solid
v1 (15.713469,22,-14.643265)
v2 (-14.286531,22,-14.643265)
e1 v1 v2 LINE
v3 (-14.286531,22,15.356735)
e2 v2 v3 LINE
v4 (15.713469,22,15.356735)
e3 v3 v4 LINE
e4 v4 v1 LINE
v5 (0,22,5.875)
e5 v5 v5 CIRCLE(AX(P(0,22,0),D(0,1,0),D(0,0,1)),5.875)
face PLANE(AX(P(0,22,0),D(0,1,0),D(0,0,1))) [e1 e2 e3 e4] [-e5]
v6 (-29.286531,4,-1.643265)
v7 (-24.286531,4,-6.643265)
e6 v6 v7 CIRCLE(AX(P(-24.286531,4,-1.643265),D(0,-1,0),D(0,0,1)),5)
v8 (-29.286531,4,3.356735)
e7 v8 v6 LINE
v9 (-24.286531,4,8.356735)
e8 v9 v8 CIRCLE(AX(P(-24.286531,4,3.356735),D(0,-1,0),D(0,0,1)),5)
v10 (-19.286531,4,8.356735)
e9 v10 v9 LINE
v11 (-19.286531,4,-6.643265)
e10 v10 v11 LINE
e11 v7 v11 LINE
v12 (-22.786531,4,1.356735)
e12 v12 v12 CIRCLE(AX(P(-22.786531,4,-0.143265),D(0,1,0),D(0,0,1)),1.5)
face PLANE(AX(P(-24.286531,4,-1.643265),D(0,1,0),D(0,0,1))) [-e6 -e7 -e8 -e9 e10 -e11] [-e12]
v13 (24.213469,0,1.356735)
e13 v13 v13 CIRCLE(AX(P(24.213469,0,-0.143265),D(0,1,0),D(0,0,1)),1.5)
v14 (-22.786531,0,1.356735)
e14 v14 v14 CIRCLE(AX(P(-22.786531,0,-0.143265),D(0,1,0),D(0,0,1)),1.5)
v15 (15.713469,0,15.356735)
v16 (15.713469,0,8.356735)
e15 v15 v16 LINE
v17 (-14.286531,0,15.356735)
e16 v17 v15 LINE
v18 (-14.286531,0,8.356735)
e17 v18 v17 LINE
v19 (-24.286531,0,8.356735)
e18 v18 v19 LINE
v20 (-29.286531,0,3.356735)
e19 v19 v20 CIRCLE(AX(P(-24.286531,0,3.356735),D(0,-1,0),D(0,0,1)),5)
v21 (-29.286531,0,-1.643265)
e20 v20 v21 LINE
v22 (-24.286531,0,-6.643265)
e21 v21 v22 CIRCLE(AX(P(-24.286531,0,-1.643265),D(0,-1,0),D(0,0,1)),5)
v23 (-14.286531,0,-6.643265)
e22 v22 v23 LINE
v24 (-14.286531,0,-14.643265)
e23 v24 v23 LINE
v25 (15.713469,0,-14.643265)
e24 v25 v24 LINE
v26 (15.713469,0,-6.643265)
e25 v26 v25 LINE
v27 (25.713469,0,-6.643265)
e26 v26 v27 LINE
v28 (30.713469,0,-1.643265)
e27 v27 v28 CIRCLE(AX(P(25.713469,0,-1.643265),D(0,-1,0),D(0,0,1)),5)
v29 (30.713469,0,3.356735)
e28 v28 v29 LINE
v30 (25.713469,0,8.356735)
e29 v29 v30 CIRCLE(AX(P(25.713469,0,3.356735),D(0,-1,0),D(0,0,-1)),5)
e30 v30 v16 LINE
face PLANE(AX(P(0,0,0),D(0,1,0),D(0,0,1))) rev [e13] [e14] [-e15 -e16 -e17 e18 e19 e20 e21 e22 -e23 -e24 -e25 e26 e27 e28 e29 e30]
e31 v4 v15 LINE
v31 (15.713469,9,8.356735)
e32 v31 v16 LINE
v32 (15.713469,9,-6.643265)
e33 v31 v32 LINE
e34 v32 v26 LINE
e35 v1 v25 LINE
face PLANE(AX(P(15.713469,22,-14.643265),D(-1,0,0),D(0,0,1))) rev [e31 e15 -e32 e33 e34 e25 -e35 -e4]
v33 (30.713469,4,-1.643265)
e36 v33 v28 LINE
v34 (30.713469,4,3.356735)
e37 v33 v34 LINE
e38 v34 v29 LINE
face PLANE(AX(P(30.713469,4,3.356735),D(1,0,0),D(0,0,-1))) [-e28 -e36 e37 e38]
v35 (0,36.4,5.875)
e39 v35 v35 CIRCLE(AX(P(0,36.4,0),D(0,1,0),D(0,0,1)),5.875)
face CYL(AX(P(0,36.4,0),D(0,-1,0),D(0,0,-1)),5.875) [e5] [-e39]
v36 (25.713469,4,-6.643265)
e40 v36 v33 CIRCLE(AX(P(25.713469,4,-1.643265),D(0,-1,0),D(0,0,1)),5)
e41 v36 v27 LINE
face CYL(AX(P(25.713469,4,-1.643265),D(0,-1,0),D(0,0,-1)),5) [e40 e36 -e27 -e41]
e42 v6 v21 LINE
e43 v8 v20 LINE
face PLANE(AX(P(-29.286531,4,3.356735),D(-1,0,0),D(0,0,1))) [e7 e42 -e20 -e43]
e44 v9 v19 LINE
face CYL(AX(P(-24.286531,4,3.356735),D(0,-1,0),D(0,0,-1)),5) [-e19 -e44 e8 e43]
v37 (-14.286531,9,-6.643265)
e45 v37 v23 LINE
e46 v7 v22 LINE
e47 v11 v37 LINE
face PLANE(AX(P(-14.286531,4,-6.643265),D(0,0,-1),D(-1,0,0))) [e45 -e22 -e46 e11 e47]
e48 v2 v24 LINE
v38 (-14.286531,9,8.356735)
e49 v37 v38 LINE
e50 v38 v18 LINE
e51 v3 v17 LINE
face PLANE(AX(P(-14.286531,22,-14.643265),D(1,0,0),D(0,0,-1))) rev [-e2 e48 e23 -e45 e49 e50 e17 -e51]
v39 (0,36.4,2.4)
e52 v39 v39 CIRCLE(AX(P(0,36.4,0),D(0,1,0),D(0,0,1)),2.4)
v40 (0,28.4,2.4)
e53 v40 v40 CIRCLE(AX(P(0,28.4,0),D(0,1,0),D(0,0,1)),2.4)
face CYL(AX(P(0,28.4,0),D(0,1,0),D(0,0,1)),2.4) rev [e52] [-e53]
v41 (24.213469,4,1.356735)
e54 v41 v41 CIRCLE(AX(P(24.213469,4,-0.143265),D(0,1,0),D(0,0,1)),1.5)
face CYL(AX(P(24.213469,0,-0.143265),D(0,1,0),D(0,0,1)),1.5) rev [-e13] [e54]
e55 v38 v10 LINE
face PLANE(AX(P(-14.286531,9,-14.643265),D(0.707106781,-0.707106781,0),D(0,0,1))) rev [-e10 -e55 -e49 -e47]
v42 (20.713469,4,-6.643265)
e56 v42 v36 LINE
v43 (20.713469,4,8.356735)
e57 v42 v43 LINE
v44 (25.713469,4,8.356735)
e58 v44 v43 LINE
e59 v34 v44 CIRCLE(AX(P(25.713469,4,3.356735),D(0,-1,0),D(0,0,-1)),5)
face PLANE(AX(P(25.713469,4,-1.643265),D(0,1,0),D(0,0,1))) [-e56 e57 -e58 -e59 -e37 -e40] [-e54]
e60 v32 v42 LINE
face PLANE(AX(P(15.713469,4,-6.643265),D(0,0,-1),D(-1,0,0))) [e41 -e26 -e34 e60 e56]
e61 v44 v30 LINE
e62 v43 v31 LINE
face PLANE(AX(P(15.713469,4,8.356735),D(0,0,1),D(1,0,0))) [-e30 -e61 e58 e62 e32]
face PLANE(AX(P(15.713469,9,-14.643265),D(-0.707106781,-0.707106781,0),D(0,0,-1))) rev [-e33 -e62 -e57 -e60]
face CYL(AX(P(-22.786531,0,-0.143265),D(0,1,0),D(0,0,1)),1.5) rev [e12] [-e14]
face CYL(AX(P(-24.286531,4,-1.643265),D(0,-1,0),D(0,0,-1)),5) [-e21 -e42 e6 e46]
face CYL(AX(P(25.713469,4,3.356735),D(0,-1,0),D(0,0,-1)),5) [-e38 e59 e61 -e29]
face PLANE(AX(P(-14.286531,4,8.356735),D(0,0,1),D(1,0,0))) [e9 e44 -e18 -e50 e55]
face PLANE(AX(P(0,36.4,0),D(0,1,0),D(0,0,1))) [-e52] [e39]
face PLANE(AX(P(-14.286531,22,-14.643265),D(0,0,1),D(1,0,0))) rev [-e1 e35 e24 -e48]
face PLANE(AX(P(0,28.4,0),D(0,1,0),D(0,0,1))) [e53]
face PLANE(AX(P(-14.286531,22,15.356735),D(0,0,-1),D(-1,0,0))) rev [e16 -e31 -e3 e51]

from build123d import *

# Parameters (mm, degrees)
SKETCH_1_W               = 30
SKETCH_1_H               = 30
EXTRUDE_289_DEPTH        = 22
SKETCH_2_R               = 5.875
EXTRUDE_2_DEPTH          = 14.4
EXTRUDE_4_DEPTH          = 4
CUT_EXTRUDE_2_DEPTH      = 48.211296398
CUT_EXTRUDE_2_DEPTH_BACK = 48.211296398
SKETCH_6_R               = 1.5
CHAMFER_2_SIZE           = 5
CHAMFER_3_SIZE           = 5
SKETCH_4_R               = 2.4
CUT_EXTRUDE_3_DEPTH      = 8


with BuildPart() as part:
    # Эскиз1 → Extrude 289 (new body)
    with BuildSketch(Plane(origin=(0, 0, 0), x_dir=(1, 0, 0), z_dir=(0, 1, 0))):
        with Locations((0.713469456, -0.356734728)):
            Rectangle(SKETCH_1_W, SKETCH_1_H)
    extrude(amount=EXTRUDE_289_DEPTH)

    # Эскиз2 → Бобышка-Вытянуть2 (add)
    with BuildSketch(Plane(origin=(0, 22, 0), x_dir=(1, 0, 0), z_dir=(0, 1, 0))):
        with Locations(Location((0, 0, 0), (0, 0, 270))):
            Circle(SKETCH_2_R)
    extrude(amount=EXTRUDE_2_DEPTH)

    # Эскиз5 → Бобышка-Вытянуть4 (add)
    with BuildSketch(Plane.XZ):
        with BuildLine():
            Line((15.713469456, 8.356734728), (25.713469456, 8.356734728))
            ThreePointArc((25.713469456, 8.356734728), (29.249003362, 6.892268634), (30.713469456, 3.356734728))
            Line((30.713469456, 3.356734728), (30.713469456, -1.643265272))
            ThreePointArc((30.713469456, -1.643265272), (29.249003362, -5.178799178), (25.713469456, -6.643265272))
            Line((25.713469456, -6.643265272), (15.713469456, -6.643265272))
            Line((15.713469456, -6.643265272), (15.713469456, 8.356734728))
        make_face()
        with BuildLine():
            Line((-14.286530544, 8.356734728), (-24.286530544, 8.356734728))
            ThreePointArc((-24.286530544, 8.356734728), (-27.82206445, 6.892268634), (-29.286530544, 3.356734728))
            Line((-29.286530544, 3.356734728), (-29.286530544, -1.643265272))
            ThreePointArc((-29.286530544, -1.643265272), (-27.82206445, -5.178799178), (-24.286530544, -6.643265272))
            Line((-24.286530544, -6.643265272), (-14.286530544, -6.643265272))
            Line((-14.286530544, -6.643265272), (-14.286530544, 8.356734728))
        make_face()
    extrude(amount=-EXTRUDE_4_DEPTH)

    # Эскиз6 → Вырез-Вытянуть2 (cut, two sides: drawn at the far end of the back side and taken through both)
    with BuildSketch(Plane(origin=(0, 4, 0), x_dir=(1, 0, 0), z_dir=(0, 1, 0)).offset(-CUT_EXTRUDE_2_DEPTH_BACK)):
        with Locations(Location((24.213469456, 0.143265272, 0), (0, 0, 270))):
            Circle(SKETCH_6_R)
        with Locations(Location((-22.786530544, 0.143265272, 0), (0, 0, 270))):
            Circle(SKETCH_6_R)
    extrude(amount=CUT_EXTRUDE_2_DEPTH + CUT_EXTRUDE_2_DEPTH_BACK, mode=Mode.SUBTRACT)

    # Фаска2
    chamfer_2_edges = [part.edges().sort_by_distance(p)[0] for p in [
        (15.713469456, 4, 0.856734728),
    ]]
    chamfer(chamfer_2_edges, length=CHAMFER_2_SIZE)

    # Фаска3
    chamfer_3_edges = [part.edges().sort_by_distance(p)[0] for p in [
        (-14.286530544, 4, 0.856734728),
    ]]
    chamfer(chamfer_3_edges, length=CHAMFER_3_SIZE)

    # Эскиз4 → Вырез-Вытянуть3 (cut)
    with BuildSketch(Plane(origin=(0, 36.4, 0), x_dir=(1, 0, 0), z_dir=(0, 1, 0))):
        with Locations(Location((0, 0, 0), (0, 0, 270))):
            Circle(SKETCH_4_R)
    extrude(amount=-CUT_EXTRUDE_3_DEPTH, mode=Mode.SUBTRACT)


solid = part.part
